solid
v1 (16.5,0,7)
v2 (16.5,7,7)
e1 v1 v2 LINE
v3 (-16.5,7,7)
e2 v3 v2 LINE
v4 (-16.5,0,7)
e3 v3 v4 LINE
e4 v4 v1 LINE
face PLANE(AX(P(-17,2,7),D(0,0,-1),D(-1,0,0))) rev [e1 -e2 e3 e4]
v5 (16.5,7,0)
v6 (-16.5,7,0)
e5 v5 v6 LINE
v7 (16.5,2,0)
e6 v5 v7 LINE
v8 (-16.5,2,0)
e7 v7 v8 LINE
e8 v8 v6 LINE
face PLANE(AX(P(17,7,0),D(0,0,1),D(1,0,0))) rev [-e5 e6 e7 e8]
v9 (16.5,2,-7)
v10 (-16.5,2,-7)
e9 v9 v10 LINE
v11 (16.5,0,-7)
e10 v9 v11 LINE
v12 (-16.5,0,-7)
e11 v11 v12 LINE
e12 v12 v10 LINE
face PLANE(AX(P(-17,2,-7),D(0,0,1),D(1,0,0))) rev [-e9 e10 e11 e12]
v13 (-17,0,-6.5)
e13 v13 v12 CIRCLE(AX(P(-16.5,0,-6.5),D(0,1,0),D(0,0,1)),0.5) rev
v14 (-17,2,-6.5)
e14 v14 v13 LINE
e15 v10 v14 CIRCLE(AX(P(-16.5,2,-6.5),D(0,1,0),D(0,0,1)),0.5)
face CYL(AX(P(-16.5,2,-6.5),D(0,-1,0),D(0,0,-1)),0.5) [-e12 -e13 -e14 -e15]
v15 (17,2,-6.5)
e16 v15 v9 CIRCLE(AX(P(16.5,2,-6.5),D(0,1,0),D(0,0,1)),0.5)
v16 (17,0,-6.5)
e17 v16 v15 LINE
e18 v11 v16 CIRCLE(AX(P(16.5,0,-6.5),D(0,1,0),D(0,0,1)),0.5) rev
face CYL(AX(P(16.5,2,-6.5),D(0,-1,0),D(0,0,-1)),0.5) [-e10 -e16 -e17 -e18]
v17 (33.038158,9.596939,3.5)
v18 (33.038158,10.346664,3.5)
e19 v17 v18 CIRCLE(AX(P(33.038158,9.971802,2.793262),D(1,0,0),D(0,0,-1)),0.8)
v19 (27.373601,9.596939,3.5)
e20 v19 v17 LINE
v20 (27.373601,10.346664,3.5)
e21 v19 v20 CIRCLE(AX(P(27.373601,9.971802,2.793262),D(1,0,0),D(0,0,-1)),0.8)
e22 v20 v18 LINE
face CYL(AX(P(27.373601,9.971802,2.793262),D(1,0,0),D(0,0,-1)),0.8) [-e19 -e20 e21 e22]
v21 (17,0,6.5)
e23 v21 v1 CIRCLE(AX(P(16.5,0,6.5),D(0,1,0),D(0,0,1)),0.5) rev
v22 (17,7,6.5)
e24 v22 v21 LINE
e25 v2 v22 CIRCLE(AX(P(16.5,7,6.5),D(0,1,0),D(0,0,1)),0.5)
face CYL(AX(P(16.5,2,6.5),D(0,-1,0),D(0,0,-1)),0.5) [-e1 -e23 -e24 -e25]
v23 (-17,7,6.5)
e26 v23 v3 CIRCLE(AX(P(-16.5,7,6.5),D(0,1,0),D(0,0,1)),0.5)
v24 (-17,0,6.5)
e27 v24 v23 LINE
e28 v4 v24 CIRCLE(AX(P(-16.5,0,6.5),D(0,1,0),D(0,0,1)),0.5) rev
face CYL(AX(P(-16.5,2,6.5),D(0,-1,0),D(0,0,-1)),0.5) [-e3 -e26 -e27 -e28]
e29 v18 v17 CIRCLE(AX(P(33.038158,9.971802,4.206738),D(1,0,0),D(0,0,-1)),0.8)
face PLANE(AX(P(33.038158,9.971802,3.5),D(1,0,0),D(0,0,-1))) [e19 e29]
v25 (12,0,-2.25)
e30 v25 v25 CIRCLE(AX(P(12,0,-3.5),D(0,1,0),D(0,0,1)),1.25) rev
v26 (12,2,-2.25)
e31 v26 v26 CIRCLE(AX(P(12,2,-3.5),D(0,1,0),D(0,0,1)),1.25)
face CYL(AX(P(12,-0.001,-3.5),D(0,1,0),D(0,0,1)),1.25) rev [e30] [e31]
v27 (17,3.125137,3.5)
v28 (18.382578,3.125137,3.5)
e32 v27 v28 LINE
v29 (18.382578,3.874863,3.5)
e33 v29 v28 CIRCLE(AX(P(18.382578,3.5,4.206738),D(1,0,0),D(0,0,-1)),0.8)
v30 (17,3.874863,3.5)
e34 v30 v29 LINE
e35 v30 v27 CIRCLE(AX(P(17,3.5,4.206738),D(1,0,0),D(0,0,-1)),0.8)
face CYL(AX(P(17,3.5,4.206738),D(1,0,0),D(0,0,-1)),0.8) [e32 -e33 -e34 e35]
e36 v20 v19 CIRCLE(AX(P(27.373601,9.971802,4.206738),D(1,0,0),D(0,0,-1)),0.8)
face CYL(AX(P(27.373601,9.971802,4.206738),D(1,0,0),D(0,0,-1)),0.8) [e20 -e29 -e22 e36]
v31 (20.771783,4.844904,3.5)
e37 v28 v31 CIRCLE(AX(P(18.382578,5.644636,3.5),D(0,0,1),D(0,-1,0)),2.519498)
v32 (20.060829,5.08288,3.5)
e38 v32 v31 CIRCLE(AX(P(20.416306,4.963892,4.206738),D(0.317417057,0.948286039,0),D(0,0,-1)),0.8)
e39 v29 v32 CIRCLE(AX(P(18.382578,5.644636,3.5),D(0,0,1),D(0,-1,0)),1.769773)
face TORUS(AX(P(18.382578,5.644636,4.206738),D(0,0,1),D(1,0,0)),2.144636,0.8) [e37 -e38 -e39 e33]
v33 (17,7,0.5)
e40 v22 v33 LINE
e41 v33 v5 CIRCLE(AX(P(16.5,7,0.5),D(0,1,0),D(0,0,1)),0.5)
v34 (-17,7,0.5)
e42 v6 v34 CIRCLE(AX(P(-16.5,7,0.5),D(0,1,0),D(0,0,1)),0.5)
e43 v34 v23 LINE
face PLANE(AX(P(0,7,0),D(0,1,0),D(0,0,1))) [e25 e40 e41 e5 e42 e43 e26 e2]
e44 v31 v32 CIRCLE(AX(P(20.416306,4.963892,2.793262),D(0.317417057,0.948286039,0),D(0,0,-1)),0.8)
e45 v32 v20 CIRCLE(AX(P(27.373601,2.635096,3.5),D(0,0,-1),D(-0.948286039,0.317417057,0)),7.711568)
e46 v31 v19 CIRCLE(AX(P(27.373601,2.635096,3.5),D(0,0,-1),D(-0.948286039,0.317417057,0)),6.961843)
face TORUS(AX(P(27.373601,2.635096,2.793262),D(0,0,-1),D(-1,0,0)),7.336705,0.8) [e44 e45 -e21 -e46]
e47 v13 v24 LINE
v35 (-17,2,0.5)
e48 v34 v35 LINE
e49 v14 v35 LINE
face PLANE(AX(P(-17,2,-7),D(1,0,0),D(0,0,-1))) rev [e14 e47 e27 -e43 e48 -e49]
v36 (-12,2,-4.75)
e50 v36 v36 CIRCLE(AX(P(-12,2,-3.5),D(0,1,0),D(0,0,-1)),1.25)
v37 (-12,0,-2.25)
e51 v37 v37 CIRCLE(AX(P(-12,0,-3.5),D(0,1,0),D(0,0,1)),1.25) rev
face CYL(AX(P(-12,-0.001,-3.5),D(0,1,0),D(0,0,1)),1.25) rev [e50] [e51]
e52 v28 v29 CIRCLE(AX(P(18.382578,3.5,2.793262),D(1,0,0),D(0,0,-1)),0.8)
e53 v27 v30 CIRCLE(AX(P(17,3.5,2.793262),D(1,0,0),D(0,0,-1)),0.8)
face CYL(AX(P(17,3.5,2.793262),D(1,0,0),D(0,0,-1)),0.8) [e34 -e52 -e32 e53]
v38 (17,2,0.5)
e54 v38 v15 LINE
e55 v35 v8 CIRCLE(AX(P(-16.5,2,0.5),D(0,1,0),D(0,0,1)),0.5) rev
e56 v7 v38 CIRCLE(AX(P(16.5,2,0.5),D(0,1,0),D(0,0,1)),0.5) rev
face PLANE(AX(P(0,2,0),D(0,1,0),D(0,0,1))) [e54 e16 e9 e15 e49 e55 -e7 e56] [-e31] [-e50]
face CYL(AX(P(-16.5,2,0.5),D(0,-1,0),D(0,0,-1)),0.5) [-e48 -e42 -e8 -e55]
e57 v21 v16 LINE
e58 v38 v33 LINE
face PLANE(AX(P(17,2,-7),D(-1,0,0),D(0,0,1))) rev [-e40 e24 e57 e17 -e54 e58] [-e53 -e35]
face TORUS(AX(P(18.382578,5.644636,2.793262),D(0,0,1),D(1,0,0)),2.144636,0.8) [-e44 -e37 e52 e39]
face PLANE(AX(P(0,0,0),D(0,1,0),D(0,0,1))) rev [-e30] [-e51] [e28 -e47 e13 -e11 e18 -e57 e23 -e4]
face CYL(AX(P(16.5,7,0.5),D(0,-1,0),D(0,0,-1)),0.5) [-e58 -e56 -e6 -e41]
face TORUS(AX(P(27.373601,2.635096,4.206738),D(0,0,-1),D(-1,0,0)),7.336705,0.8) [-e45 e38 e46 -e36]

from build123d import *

# Parameters (mm, degrees)
SKETCH1_W           = 34
SKETCH1_H           = 14
BOSS_EXTRUDE1_DEPTH = 2
SKETCH2_W           = 34
SKETCH2_H           = 7
BOSS_EXTRUDE2_DEPTH = 5
FILLET1_R           = 0.5
CUT_EXTRUDE1_REACH  = 21.053
SKETCH3_R           = 1.25


with BuildPart() as part:
    # Sketch1 → Boss-Extrude1 (new body)
    with BuildSketch(Plane(origin=(0, 0, 0), x_dir=(1, 0, 0), z_dir=(0, 1, 0))):
        Rectangle(SKETCH1_W, SKETCH1_H)
    extrude(amount=BOSS_EXTRUDE1_DEPTH)

    # Sketch2 → Boss-Extrude2 (add)
    with BuildSketch(Plane(origin=(0, 2, 0), x_dir=(1, 0, 0), z_dir=(0, 1, 0))):
        with Locations((0, -3.5)):
            Rectangle(SKETCH2_W, SKETCH2_H)
    extrude(amount=BOSS_EXTRUDE2_DEPTH)

    # Fillet1
    fillet1_edges = [part.edges().sort_by_distance(p)[0] for p in [
        (17, 4.5, 0),
        (-17, 4.5, 0),
        (17, 3.5, 7),
        (-17, 3.5, 7),
        (-17, 1, -7),
        (17, 1, -7),
    ]]
    fillet(fillet1_edges, radius=FILLET1_R)

    # Sketch3 → Cut-Extrude1 (cut, up to next)
    with BuildSketch(Plane(origin=(0, 2, 0), x_dir=(1, 0, 0), z_dir=(0, 1, 0)), mode=Mode.PRIVATE) as cut_extrude1_sk1:
        with Locations(Location((12, 3.5, 0), (0, 0, 270))):
            Circle(SKETCH3_R)
    cut_extrude1_tool1 = extrude(cut_extrude1_sk1.sketch, amount=-CUT_EXTRUDE1_REACH, mode=Mode.PRIVATE) & part.part
    # Sketch3 → Cut-Extrude1 (cut, up to next)
    with BuildSketch(Plane(origin=(0, 2, 0), x_dir=(1, 0, 0), z_dir=(0, 1, 0)), mode=Mode.PRIVATE) as cut_extrude1_sk2:
        with Locations(Location((-12, 3.5, 0), (0, 0, 270))):
            Circle(SKETCH3_R)
    cut_extrude1_tool2 = extrude(cut_extrude1_sk2.sketch, amount=-CUT_EXTRUDE1_REACH, mode=Mode.PRIVATE) & part.part
    add(cut_extrude1_tool1.solids().sort_by_distance((12, 2, -3.5))[0], mode=Mode.SUBTRACT)
    add(cut_extrude1_tool2.solids().sort_by_distance((-12, 2, -3.5))[0], mode=Mode.SUBTRACT)

    # Sweep1: sweep along a path in Sketch5
    with BuildLine(Plane.XY.offset(3.5)) as sweep1_path:
        Line((17, 3.5), (18.382578008, 3.5))
        ThreePointArc((18.382578008, 3.5), (19.635477623, 3.904030935), (20.416306226, 4.963891838))
        ThreePointArc((20.416306226, 4.963891838), (23.087486641, 8.589629512), (27.373601284, 9.971801625))
        Line((27.373601284, 9.971801625), (33.038157501, 9.971801625))
    # Sketch4 → Sweep1 (sweep)
    with BuildSketch(Plane(origin=(17, 0, 0), x_dir=(0, 0, -1), z_dir=(1, 0, 0))):
        with BuildLine():
            ThreePointArc((-3.5, 3.874862619), (-5.006737587, 3.5), (-3.5, 3.125137381))
            ThreePointArc((-3.5, 3.125137381), (-1.993262413, 3.5), (-3.5, 3.874862619))
        make_face()
    sweep(path=sweep1_path.line)


solid = part.part
